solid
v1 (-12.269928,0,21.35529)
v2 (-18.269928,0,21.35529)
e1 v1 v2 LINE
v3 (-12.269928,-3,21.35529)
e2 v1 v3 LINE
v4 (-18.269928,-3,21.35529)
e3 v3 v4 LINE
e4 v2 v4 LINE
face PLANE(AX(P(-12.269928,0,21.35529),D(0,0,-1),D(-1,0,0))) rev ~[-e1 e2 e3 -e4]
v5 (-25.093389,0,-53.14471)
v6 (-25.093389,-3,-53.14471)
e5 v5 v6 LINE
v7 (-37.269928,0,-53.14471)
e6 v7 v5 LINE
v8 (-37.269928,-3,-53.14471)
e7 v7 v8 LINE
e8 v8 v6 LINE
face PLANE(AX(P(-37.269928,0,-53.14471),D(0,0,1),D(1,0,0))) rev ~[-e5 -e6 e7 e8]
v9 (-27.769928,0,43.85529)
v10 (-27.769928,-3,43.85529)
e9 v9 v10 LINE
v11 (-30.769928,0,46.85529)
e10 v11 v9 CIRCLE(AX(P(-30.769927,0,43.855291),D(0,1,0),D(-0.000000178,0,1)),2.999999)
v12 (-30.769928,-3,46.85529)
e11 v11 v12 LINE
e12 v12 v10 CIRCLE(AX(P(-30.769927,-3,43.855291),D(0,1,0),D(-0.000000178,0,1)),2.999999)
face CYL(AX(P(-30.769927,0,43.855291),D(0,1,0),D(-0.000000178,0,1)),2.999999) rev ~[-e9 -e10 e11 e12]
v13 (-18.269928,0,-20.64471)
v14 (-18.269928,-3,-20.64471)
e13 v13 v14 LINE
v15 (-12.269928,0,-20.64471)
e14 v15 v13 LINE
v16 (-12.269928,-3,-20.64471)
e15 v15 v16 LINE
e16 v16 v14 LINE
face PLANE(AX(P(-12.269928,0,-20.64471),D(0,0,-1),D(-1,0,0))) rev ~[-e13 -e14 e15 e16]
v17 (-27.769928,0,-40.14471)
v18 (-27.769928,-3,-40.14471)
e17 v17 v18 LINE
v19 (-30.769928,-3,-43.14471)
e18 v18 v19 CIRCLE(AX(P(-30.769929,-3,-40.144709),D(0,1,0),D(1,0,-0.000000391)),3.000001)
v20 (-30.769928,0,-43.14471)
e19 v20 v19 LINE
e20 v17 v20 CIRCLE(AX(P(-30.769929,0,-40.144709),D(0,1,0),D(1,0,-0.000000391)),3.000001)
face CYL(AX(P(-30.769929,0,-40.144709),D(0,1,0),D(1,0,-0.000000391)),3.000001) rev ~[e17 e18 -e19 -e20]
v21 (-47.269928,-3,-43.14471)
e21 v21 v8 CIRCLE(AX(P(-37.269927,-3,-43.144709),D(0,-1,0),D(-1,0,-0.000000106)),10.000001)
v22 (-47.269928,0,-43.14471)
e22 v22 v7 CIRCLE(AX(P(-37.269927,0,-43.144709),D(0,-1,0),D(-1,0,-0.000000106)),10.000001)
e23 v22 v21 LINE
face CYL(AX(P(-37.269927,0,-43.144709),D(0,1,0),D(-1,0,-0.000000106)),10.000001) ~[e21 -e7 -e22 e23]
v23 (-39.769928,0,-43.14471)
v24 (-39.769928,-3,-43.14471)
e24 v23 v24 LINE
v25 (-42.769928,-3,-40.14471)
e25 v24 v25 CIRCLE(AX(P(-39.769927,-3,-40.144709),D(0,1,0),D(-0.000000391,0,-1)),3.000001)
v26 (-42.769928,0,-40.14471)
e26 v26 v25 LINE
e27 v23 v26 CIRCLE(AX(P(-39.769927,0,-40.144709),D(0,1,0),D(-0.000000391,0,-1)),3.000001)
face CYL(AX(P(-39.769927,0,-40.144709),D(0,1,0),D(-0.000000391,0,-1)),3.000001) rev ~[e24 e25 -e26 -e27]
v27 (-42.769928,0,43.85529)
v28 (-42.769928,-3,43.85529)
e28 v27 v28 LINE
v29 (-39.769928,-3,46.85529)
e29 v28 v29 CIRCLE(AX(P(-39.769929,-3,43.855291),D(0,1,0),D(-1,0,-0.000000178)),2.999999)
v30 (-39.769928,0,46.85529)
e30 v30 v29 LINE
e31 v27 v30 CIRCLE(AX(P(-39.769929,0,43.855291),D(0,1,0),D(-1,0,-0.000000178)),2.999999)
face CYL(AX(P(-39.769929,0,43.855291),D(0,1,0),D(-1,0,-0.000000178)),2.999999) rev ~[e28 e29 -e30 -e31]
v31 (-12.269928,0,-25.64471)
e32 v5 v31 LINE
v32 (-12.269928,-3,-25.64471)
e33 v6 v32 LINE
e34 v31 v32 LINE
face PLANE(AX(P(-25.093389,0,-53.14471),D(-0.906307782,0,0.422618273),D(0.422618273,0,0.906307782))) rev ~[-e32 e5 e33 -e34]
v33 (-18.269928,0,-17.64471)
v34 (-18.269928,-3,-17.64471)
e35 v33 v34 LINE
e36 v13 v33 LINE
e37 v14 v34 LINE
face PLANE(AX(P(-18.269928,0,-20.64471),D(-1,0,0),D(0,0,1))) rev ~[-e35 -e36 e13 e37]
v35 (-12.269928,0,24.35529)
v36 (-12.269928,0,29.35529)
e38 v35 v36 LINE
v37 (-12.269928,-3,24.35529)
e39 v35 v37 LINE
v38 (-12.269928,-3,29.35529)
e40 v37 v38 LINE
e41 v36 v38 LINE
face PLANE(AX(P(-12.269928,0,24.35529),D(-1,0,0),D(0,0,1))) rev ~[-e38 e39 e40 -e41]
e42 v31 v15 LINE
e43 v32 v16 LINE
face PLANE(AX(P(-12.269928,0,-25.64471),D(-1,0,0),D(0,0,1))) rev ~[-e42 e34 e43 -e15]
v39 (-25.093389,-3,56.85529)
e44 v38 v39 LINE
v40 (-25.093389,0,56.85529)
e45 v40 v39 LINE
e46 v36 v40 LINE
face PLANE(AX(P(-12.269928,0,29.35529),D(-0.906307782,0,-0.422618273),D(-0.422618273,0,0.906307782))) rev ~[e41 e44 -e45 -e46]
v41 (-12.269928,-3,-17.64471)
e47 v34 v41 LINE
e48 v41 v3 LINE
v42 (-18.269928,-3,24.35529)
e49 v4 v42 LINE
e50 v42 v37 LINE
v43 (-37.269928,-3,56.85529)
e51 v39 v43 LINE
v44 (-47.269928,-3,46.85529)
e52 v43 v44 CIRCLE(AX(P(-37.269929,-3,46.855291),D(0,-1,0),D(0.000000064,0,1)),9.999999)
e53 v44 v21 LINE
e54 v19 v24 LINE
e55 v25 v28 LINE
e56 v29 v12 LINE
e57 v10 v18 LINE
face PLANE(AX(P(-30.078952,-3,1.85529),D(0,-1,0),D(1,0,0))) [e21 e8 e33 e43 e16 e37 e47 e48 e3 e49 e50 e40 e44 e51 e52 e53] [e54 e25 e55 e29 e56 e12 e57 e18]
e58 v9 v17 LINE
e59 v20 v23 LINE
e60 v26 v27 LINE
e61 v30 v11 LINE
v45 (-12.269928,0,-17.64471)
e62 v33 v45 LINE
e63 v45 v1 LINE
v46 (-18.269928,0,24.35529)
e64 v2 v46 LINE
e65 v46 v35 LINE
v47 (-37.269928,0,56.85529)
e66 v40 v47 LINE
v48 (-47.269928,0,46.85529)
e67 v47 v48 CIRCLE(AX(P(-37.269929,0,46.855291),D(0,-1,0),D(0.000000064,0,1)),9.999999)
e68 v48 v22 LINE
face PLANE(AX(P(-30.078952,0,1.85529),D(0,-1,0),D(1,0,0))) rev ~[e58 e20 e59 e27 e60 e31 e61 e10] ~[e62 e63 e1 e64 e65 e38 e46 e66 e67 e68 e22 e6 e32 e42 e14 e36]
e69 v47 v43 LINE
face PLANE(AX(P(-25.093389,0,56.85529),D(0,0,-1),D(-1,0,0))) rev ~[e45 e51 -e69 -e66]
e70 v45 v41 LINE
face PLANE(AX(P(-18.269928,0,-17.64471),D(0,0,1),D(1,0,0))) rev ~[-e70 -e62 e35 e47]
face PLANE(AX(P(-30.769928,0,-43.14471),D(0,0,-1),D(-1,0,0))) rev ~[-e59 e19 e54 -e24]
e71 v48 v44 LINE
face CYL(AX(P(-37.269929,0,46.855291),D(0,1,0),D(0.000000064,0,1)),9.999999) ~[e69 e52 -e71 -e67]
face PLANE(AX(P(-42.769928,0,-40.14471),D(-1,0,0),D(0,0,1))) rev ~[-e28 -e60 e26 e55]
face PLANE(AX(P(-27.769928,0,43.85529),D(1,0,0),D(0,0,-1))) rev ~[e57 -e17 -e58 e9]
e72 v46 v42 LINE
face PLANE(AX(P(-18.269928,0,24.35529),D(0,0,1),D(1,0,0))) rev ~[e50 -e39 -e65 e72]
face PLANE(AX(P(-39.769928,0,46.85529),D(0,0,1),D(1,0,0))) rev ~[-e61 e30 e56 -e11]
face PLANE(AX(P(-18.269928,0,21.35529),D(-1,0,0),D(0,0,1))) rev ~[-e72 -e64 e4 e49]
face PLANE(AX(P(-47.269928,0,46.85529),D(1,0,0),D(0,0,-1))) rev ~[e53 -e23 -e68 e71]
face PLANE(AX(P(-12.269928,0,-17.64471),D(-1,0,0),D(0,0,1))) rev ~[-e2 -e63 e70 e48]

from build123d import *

# Parameters (mm, degrees)
F1_DEPTH = 3


with BuildPart() as f1:
    # F0 (on Front) → F1 (new body)
    with BuildSketch(Plane.XZ):
        with BuildLine():
            ThreePointArc((-37.269928, 56.85529), (-44.340996, 53.926358), (-47.269928, 46.85529))
            Line((-47.269928, 46.85529), (-47.269928, 1.85529))
            Line((-47.269928, 1.85529), (-47.269928, -43.14471))
            ThreePointArc((-47.269928, -43.14471), (-44.340996, -50.215777), (-37.269928, -53.14471))
            Line((-37.269928, -53.14471), (-25.093389, -53.14471))
            Line((-25.093389, -53.14471), (-12.269928, -25.64471))
            Line((-12.269928, -25.64471), (-12.269928, -20.64471))
            Line((-12.269928, -20.64471), (-18.269928, -20.64471))
            Line((-18.269928, -20.64471), (-18.269928, -17.64471))
            Line((-18.269928, -17.64471), (-12.269928, -17.64471))
            Line((-12.269928, -17.64471), (-12.269928, 1.85529))
            Line((-12.269928, 1.85529), (-12.269928, 21.35529))
            Line((-12.269928, 21.35529), (-18.269928, 21.35529))
            Line((-18.269928, 21.35529), (-18.269928, 24.35529))
            Line((-18.269928, 24.35529), (-12.269928, 24.35529))
            Line((-12.269928, 24.35529), (-12.269928, 29.35529))
            Line((-12.269928, 29.35529), (-25.093389, 56.85529))
            Line((-25.093389, 56.85529), (-37.269928, 56.85529))
        make_face()
        with BuildLine():
            ThreePointArc((-42.769928, 43.85529), (-41.891248, 45.976611), (-39.769928, 46.85529))
            Line((-39.769928, 46.85529), (-30.769928, 46.85529))
            ThreePointArc((-30.769928, 46.85529), (-28.648608, 45.976611), (-27.769928, 43.85529))
            Line((-27.769928, 43.85529), (-27.769928, 1.85529))
            Line((-27.769928, 1.85529), (-27.769928, -40.14471))
            ThreePointArc((-27.769928, -40.14471), (-28.648608, -42.26603), (-30.769928, -43.14471))
            Line((-30.769928, -43.14471), (-39.769928, -43.14471))
            ThreePointArc((-39.769928, -43.14471), (-41.891248, -42.26603), (-42.769928, -40.14471))
            Line((-42.769928, -40.14471), (-42.769928, 1.85529))
            Line((-42.769928, 1.85529), (-42.769928, 43.85529))
        make_face(mode=Mode.SUBTRACT)
    extrude(amount=F1_DEPTH)


solid = f1.part
